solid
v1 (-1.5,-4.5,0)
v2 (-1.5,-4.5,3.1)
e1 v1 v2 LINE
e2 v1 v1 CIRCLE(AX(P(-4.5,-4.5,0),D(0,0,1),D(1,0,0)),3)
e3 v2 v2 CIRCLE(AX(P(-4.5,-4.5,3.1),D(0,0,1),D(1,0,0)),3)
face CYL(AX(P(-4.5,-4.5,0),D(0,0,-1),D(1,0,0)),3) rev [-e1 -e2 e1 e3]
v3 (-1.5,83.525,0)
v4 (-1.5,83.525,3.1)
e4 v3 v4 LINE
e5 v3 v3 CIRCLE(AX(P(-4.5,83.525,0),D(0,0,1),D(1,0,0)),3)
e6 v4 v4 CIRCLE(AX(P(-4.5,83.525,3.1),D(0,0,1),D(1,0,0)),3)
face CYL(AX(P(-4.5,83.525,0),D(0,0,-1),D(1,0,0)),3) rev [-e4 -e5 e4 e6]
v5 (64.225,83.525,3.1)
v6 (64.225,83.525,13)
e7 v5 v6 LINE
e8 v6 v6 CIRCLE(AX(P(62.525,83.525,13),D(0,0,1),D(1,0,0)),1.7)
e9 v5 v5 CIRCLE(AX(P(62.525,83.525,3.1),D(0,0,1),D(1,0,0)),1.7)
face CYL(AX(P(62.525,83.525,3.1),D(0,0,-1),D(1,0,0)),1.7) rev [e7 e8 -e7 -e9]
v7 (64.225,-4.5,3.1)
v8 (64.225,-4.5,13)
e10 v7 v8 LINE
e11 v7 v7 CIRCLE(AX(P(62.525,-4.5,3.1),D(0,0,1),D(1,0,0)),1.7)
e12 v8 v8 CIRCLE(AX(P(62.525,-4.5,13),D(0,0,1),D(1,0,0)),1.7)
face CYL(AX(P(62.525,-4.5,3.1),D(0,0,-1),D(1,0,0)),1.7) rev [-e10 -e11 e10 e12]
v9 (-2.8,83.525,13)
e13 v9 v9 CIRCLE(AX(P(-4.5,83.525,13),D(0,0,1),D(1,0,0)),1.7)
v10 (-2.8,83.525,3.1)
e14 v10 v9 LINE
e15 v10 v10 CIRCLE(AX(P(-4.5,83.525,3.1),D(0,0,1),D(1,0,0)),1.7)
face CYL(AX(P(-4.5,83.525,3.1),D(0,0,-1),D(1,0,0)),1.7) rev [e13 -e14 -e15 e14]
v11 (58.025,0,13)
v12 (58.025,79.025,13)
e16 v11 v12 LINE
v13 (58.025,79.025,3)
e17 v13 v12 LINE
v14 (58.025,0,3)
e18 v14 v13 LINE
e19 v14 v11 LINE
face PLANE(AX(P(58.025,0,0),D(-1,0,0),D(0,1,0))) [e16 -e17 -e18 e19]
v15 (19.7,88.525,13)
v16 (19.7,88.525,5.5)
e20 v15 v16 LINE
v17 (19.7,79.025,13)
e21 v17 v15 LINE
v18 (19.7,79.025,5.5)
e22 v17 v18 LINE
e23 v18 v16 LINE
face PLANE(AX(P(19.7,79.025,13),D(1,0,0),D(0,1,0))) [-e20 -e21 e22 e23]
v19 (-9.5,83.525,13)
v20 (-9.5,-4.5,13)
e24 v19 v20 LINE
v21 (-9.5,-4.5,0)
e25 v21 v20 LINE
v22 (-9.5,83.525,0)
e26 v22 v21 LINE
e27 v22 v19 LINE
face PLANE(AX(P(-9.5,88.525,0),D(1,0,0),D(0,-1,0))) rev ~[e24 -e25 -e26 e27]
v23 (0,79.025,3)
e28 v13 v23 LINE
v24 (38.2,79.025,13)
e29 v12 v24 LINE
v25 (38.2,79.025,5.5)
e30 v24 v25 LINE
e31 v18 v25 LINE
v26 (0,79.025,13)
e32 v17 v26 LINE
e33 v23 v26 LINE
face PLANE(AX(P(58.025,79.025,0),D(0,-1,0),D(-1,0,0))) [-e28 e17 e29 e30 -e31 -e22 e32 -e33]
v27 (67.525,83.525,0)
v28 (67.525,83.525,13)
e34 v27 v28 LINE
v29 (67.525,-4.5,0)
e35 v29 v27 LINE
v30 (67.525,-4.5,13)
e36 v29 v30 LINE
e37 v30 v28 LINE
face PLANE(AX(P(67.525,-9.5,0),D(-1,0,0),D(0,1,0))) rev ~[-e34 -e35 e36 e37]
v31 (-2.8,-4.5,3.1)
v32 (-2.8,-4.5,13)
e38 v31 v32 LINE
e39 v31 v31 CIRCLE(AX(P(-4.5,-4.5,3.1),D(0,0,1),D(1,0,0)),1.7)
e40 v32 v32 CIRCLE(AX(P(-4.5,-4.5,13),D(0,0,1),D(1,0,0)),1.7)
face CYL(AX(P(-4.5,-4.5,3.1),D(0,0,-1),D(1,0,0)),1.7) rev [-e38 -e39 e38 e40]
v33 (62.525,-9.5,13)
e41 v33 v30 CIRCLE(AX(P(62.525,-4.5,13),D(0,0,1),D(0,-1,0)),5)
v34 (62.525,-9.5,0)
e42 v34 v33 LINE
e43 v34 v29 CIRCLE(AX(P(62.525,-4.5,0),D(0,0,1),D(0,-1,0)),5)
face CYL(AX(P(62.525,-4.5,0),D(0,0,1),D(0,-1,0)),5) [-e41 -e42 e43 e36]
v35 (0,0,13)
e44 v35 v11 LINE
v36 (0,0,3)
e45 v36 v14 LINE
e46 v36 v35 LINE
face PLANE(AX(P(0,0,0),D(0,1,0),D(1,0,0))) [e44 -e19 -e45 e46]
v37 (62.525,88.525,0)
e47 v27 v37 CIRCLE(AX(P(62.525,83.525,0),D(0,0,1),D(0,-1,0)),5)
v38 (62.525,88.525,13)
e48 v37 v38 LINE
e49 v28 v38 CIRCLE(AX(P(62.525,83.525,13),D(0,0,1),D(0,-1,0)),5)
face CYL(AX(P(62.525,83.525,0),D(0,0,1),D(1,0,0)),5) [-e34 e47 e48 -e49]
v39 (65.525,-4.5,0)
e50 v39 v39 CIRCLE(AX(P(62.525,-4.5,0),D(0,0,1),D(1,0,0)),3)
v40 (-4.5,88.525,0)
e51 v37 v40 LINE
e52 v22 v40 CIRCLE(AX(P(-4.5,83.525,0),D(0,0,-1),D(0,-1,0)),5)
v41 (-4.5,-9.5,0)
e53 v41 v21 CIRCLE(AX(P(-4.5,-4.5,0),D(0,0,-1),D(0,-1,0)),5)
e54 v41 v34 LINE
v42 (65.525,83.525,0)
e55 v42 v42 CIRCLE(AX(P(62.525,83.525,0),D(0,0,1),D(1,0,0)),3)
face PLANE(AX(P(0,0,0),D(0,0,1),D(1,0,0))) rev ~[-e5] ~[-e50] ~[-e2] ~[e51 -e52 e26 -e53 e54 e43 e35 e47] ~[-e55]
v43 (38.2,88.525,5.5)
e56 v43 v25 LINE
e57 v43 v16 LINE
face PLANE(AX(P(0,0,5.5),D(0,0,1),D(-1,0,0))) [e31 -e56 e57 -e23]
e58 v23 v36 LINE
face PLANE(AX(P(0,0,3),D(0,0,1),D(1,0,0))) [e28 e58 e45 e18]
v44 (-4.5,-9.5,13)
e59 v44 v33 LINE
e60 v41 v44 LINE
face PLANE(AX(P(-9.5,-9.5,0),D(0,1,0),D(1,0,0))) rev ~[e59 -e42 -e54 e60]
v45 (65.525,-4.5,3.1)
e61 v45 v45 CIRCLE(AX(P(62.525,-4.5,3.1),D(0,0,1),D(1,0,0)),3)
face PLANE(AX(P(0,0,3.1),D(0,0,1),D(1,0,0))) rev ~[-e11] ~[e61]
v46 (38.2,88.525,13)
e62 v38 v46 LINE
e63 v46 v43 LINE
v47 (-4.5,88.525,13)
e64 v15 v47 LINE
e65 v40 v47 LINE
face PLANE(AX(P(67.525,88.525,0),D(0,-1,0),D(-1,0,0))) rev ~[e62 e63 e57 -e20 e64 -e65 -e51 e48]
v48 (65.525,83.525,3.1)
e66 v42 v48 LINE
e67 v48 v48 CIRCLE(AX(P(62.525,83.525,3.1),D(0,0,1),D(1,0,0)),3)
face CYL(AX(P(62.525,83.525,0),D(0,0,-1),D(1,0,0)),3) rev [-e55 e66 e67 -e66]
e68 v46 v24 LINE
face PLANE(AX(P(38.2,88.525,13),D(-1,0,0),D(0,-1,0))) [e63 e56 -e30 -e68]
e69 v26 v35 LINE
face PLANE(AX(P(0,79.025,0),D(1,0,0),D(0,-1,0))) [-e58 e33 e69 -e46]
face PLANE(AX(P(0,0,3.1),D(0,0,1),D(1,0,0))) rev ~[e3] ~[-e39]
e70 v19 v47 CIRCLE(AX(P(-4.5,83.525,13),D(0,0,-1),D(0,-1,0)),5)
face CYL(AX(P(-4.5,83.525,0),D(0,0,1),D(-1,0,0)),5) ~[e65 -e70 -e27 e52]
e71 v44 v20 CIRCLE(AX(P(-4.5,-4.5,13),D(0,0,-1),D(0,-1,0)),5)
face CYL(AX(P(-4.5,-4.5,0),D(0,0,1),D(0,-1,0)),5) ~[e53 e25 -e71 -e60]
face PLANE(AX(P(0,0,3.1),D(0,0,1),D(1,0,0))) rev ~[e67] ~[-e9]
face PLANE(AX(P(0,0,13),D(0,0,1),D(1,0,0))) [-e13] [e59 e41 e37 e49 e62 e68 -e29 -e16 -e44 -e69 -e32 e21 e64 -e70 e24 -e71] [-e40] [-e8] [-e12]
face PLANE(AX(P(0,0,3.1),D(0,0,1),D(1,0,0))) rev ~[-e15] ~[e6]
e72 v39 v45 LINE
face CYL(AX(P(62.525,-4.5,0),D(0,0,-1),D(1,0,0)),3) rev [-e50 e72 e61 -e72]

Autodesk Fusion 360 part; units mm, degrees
sketch "Sketch1" plane through (0, 0, 0) normal (0, 0, 1) x (1, 0, 0)
  line L0 (0, 0) -> (58.025, 0)
  line L1 (58.025, 0) -> (58.025, 79.025)
  line L2 (58.025, 79.025) -> (0, 79.025)
  line L3 (0, 79.025) -> (0, 0)
  line L4 (-9.5, -9.5) -> (67.525, -9.5)
  line L5 (67.525, -9.5) -> (67.525, 88.525)
  line L6 (67.525, 88.525) -> (-9.5, 88.525)
  line L7 (-9.5, 88.525) -> (-9.5, -9.5)
  circle A0 centre (-4.5, -4.5) radius 1.7
  circle A1 centre (-4.5, 83.525) radius 1.7
  circle A2 centre (62.525, 83.525) radius 1.7
  circle A3 centre (-4.5, -4.5) radius 3
  circle A4 centre (62.525, -4.5) radius 1.7
  circle A5 centre (62.525, -4.5) radius 3
  circle A6 centre (-4.5, 83.525) radius 3
  circle A7 centre (62.525, 83.525) radius 3
  dimension "d1" = 58.025
  dimension "d2" = 79.025
  dimension "d3" = 77.025
  dimension "d4" = 98.025
  dimension "d5" = 9.5
  dimension "d6" = 9.5
  dimension "d11" = 3.4
  dimension "d12" = 5
  dimension "d13" = 5
  dimension "d14" = 3.4
  dimension "d15" = 5
  dimension "d16" = 5
  dimension "d17" = 3.4
  dimension "d18" = 5
  dimension "d19" = 5
  dimension "d20" = 6
  dimension "d21" = 3.4
  dimension "d22" = 5
  dimension "d23" = 5
  dimension "d24" = 6
  dimension "d25" = 6
  dimension "d26" = 6
extrude "Extrude1" add sketch "Sketch1" along normal blind 9.9 from surface at 3.1 contours A3 | A5 | A6 | A7 makes body 1 at (59.7606, 82.3597, 9.7) makes body 2 at (-1.5037, -4.6495, 9.7) makes body 3 at (-7.0599, 81.9607, 9.7) makes body 4 at (65.5213, -4.6495, 9.7)
extrude "Extrude2" add sketch "Sketch1" along normal blind 13 contours L4 L5 L6 L7 bodies 1 2 3 4
extrude "Extrude3" add sketch "Sketch1" along normal blind 3 contours L0 L1 L2 L3 bodies 1
sketch "Sketch3" plane through (0, 0, 13) normal (0, 0, 1) x (-1, 0, 0)
  circle A0 centre (-62.525, -83.525) radius 1.7
  circle A1 centre (-62.525, 4.5) radius 1.7
  line L0 (0, 0) -> (0, -79.025)
  line L1 (0, -79.025) -> (-58.025, -79.025)
  line L2 (-58.025, -79.025) -> (-58.025, 0)
  line L3 (-58.025, 0) -> (0, 0)
  line L4 (9.5, -88.525) -> (9.5, 9.5)
  line L5 (9.5, 9.5) -> (-67.525, 9.5)
  line L6 (-67.525, 9.5) -> (-67.525, -88.525)
  line L7 (-67.525, -88.525) -> (9.5, -88.525)
  circle A2 centre (4.5, 4.5) radius 1.7
  circle A3 centre (4.5, -83.525) radius 1.7
  line L8 (-19.7, -88.525) -> (-38.2, -88.525)
  line L9 (-38.2, -88.525) -> (-38.2, -79.025)
  line L10 (-38.2, -79.025) -> (-19.7, -79.025)
  line L11 (-19.7, -79.025) -> (-19.7, -88.525)
  line L12 (9.5, -88.525) -> (9.5, 9.5)
  dimension "d36" = 18.5
  dimension "d37" = 29.2
extrude "Extrude4" cut sketch "Sketch3" against normal blind 7.5 contours L1 L7 L8 L9 L10 L11 bodies 1
fillet "Fillet1" radius 5 1 edges at (67.525, -9.5, 6.5) on bodies 1
fillet "Fillet2" radius 5 3 edges at (-9.5, -9.5, 6.5) (67.525, 88.525, 6.5) (-9.5, 88.525, 6.5) on bodies 1
